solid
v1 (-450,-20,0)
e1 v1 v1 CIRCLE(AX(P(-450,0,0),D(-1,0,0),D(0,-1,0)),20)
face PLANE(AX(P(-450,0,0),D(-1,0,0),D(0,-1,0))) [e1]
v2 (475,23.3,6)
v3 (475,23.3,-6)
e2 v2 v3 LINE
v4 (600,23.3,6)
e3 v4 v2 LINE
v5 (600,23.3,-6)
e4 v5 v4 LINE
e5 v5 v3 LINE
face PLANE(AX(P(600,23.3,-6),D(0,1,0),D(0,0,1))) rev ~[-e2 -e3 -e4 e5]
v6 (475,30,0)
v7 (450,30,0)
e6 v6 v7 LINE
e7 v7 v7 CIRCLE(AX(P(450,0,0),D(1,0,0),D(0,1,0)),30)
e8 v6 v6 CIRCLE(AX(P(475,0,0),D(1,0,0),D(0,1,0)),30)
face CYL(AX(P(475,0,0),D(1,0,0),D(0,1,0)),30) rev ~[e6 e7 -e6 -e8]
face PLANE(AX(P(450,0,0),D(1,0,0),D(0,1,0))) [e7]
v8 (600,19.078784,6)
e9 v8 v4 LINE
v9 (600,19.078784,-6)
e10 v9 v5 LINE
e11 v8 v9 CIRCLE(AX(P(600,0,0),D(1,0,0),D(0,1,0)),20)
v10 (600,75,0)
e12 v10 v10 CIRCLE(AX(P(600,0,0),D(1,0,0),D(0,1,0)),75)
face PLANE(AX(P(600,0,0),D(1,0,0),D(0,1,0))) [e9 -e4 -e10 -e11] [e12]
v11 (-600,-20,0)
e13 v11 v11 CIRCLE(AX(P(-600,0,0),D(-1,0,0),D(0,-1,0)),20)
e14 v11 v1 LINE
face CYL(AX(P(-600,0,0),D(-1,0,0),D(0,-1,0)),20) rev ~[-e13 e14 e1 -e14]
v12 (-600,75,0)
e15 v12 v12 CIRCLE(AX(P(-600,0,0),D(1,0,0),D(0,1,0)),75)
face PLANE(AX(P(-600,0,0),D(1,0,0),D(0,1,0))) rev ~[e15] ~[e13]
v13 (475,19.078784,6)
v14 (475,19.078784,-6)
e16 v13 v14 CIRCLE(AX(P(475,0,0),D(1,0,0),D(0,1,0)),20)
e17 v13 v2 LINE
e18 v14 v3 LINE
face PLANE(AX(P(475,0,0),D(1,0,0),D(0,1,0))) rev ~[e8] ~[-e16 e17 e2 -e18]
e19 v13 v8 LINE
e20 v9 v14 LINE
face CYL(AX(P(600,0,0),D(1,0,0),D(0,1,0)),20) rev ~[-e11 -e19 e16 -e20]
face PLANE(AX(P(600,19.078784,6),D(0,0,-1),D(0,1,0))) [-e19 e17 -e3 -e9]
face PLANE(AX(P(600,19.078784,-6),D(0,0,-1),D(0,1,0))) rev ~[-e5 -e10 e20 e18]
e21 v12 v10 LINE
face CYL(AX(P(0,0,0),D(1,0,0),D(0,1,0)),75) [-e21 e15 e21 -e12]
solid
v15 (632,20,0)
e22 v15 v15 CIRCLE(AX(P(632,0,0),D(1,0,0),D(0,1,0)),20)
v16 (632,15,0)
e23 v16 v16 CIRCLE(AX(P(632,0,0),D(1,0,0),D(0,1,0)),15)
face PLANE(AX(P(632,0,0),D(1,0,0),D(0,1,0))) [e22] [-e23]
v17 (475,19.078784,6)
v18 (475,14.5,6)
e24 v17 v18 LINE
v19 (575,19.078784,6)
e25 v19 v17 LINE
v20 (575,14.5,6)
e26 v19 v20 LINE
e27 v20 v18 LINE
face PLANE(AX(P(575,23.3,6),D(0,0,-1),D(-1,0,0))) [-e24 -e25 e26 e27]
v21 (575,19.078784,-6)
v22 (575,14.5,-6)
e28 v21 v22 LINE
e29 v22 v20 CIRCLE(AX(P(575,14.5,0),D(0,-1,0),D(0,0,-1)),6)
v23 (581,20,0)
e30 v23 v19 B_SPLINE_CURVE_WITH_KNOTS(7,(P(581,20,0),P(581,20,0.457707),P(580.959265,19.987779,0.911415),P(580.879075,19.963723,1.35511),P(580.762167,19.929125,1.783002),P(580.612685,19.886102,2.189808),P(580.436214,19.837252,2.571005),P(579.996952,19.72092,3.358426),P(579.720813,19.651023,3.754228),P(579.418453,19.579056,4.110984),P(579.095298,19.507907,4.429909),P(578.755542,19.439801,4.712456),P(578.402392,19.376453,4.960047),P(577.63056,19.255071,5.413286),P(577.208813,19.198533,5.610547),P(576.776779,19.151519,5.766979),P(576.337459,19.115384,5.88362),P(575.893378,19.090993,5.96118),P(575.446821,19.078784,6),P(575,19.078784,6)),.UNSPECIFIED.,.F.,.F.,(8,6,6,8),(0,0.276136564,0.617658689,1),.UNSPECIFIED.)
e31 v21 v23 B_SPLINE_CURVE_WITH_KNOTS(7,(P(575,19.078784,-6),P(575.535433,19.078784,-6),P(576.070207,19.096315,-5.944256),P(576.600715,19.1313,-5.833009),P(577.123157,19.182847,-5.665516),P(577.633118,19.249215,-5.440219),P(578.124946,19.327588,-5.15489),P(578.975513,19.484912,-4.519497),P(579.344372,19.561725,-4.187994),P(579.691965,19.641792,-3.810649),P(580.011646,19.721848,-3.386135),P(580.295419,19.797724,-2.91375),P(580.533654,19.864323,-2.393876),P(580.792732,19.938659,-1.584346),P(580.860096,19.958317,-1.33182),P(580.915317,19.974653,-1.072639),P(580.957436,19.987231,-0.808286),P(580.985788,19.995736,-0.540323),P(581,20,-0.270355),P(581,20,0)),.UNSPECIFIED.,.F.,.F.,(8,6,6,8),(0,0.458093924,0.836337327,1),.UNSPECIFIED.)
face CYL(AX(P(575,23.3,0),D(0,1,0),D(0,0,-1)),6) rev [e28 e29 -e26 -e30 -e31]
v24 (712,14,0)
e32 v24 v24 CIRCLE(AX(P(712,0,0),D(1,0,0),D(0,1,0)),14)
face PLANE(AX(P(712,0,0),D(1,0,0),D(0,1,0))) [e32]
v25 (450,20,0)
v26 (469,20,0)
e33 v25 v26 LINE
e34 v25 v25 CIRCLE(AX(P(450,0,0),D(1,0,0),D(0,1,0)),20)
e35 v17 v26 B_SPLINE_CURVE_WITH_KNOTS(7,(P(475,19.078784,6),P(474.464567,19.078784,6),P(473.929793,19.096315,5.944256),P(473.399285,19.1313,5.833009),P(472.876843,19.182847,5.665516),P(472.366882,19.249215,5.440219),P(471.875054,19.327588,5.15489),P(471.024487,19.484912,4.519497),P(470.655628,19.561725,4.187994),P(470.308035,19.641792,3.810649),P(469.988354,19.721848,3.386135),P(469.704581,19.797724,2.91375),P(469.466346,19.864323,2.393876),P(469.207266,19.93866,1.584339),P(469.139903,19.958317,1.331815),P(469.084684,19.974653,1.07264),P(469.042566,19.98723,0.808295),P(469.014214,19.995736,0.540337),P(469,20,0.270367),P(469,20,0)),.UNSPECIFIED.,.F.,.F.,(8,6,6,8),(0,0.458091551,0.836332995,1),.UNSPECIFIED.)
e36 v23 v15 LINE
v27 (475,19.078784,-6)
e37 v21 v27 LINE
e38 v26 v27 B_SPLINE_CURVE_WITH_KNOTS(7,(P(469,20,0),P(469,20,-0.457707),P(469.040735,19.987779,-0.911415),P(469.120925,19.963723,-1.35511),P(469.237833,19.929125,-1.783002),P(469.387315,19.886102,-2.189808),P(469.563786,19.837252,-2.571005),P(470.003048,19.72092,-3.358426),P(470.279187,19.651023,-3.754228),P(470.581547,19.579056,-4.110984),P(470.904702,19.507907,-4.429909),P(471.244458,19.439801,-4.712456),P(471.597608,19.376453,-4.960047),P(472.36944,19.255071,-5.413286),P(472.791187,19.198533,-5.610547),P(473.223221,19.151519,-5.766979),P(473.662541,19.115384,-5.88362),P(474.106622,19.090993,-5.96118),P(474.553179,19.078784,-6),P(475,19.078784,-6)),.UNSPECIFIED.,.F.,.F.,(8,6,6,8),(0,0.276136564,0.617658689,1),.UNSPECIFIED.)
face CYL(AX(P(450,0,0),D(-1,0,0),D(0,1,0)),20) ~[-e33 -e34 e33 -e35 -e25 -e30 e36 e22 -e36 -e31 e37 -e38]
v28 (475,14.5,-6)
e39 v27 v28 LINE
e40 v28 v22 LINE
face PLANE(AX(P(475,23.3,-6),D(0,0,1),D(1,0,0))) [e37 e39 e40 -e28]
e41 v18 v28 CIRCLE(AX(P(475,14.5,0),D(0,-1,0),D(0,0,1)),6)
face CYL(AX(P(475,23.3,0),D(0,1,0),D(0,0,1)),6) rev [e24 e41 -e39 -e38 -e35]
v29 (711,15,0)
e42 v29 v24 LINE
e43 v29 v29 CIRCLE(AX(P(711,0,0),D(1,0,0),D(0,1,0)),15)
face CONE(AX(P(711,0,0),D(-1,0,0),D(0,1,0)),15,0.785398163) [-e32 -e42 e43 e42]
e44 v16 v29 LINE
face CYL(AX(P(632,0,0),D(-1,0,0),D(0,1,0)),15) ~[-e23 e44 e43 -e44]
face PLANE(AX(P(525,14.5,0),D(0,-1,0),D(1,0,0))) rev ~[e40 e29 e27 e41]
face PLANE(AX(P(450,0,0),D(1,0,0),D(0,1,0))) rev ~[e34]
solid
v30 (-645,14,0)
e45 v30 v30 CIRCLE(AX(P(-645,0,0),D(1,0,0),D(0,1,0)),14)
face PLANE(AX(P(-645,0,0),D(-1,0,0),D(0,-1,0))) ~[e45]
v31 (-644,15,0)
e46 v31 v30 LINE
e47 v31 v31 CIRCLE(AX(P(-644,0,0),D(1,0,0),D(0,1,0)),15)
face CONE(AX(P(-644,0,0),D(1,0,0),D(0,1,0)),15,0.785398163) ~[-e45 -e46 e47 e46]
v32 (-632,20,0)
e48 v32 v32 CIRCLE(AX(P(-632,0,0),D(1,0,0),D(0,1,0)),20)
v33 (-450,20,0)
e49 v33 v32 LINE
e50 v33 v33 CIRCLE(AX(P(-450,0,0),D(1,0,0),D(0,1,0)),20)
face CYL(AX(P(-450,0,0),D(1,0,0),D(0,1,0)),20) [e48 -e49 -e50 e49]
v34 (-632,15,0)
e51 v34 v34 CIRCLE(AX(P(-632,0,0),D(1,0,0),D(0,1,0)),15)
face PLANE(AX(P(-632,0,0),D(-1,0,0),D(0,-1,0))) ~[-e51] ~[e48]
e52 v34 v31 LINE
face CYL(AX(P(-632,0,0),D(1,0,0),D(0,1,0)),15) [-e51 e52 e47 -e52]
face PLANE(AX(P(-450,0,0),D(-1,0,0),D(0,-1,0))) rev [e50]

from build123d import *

# Parameters (mm, degrees)
F0_R       = 75
F1_DEPTH   = 600
F2_R       = 20
F3_DEPTH   = 150
F4_R       = 20
F5_DEPTH   = 150
F6_W       = 4.2212159717
F6_H       = 12
F7_DEPTH   = 125
F8_R       = 20
F9_DEPTH   = 182
F10_R      = 15
F11_DEPTH  = 80
F14_DEPTH  = 8.8
F16_R      = 30
F17_DEPTH  = 25
F18_DEPTH  = 67
F19_SIZE   = 1
F19_2_SIZE = 1


with BuildPart() as f1:
    # F0 (on Right) → F1 (new body, symmetric)
    with BuildSketch(Plane.YZ):
        Circle(F0_R)
    extrude(amount=F1_DEPTH, both=True)

    # F2 (on face) → F3 (cut)
    with BuildSketch(Plane.YZ.offset(600)):
        Circle(F2_R)
    extrude(amount=-F3_DEPTH, mode=Mode.SUBTRACT)

    # F4 (on face) → F5 (cut)
    with BuildSketch(Plane(origin=(-600, 0, 0), x_dir=(0, -1, 0), z_dir=(-1, 0, 0))):
        Circle(F4_R)
    extrude(amount=-F5_DEPTH, mode=Mode.SUBTRACT)

    # F6 (on face) → F7 (cut)
    with BuildSketch(Plane.YZ.offset(600)):
        with Locations((21.1893920142, 0)):
            Rectangle(F6_W, F6_H)
    extrude(amount=-F7_DEPTH, mode=Mode.SUBTRACT)


with BuildPart() as f9:
    # F8 (on face) → F9 (new body)
    with BuildSketch(Plane.YZ.offset(450)):
        Circle(F8_R)
    extrude(amount=F9_DEPTH)

    # F10 (on face) → F11 (join)
    with BuildSketch(Plane.YZ.offset(632)):
        Circle(F10_R)
    extrude(amount=F11_DEPTH)


with BuildPart() as f12_1:
    # F12: instance of F9
    add(f9.part.mirror(Plane.YZ))

    # F18 (cut): a face of the model
    f18_faces = [f12_1.faces().sort_by_distance(p)[0] for p in [
        (-712, 0, 0),
    ]]
    extrude(f18_faces, amount=-F18_DEPTH, mode=Mode.SUBTRACT)

    # F19
    f19_edges = [f12_1.edges().sort_by_distance(p)[0] for p in [
        (-645, -15, 0),
    ]]
    chamfer(f19_edges, length=F19_SIZE)


with BuildPart() as f14_tool:
    # F13 (on face) → F14 (new body)
    with BuildSketch(Plane.XZ.offset(-23.3)):
        with BuildLine():
            ThreePointArc((475, 6), (469, 0), (475, -6))
            Line((475, -6), (575, -6))
            ThreePointArc((575, -6), (581, 0), (575, 6))
            Line((575, 6), (475, 6))
        make_face()
    extrude(amount=F14_DEPTH)


with BuildPart() as f1_1:
    add(f1.part)

    # F14: cut by f14_tool
    add(f14_tool.part, mode=Mode.SUBTRACT)

    # F16 (on offset) → F17 (cut)
    with BuildSketch(Plane.YZ.offset(475)):
        Circle(F16_R)
    extrude(amount=-F17_DEPTH, mode=Mode.SUBTRACT)


with BuildPart() as f9_1:
    add(f9.part)

    # F14: cut by f14_tool
    add(f14_tool.part, mode=Mode.SUBTRACT)

    # F19#2
    f19_2_edges = [f9_1.edges().sort_by_distance(p)[0] for p in [
        (712, -15, 0),
    ]]
    chamfer(f19_2_edges, length=F19_2_SIZE)


solid = Compound([f12_1.part, f1_1.part, f9_1.part])
